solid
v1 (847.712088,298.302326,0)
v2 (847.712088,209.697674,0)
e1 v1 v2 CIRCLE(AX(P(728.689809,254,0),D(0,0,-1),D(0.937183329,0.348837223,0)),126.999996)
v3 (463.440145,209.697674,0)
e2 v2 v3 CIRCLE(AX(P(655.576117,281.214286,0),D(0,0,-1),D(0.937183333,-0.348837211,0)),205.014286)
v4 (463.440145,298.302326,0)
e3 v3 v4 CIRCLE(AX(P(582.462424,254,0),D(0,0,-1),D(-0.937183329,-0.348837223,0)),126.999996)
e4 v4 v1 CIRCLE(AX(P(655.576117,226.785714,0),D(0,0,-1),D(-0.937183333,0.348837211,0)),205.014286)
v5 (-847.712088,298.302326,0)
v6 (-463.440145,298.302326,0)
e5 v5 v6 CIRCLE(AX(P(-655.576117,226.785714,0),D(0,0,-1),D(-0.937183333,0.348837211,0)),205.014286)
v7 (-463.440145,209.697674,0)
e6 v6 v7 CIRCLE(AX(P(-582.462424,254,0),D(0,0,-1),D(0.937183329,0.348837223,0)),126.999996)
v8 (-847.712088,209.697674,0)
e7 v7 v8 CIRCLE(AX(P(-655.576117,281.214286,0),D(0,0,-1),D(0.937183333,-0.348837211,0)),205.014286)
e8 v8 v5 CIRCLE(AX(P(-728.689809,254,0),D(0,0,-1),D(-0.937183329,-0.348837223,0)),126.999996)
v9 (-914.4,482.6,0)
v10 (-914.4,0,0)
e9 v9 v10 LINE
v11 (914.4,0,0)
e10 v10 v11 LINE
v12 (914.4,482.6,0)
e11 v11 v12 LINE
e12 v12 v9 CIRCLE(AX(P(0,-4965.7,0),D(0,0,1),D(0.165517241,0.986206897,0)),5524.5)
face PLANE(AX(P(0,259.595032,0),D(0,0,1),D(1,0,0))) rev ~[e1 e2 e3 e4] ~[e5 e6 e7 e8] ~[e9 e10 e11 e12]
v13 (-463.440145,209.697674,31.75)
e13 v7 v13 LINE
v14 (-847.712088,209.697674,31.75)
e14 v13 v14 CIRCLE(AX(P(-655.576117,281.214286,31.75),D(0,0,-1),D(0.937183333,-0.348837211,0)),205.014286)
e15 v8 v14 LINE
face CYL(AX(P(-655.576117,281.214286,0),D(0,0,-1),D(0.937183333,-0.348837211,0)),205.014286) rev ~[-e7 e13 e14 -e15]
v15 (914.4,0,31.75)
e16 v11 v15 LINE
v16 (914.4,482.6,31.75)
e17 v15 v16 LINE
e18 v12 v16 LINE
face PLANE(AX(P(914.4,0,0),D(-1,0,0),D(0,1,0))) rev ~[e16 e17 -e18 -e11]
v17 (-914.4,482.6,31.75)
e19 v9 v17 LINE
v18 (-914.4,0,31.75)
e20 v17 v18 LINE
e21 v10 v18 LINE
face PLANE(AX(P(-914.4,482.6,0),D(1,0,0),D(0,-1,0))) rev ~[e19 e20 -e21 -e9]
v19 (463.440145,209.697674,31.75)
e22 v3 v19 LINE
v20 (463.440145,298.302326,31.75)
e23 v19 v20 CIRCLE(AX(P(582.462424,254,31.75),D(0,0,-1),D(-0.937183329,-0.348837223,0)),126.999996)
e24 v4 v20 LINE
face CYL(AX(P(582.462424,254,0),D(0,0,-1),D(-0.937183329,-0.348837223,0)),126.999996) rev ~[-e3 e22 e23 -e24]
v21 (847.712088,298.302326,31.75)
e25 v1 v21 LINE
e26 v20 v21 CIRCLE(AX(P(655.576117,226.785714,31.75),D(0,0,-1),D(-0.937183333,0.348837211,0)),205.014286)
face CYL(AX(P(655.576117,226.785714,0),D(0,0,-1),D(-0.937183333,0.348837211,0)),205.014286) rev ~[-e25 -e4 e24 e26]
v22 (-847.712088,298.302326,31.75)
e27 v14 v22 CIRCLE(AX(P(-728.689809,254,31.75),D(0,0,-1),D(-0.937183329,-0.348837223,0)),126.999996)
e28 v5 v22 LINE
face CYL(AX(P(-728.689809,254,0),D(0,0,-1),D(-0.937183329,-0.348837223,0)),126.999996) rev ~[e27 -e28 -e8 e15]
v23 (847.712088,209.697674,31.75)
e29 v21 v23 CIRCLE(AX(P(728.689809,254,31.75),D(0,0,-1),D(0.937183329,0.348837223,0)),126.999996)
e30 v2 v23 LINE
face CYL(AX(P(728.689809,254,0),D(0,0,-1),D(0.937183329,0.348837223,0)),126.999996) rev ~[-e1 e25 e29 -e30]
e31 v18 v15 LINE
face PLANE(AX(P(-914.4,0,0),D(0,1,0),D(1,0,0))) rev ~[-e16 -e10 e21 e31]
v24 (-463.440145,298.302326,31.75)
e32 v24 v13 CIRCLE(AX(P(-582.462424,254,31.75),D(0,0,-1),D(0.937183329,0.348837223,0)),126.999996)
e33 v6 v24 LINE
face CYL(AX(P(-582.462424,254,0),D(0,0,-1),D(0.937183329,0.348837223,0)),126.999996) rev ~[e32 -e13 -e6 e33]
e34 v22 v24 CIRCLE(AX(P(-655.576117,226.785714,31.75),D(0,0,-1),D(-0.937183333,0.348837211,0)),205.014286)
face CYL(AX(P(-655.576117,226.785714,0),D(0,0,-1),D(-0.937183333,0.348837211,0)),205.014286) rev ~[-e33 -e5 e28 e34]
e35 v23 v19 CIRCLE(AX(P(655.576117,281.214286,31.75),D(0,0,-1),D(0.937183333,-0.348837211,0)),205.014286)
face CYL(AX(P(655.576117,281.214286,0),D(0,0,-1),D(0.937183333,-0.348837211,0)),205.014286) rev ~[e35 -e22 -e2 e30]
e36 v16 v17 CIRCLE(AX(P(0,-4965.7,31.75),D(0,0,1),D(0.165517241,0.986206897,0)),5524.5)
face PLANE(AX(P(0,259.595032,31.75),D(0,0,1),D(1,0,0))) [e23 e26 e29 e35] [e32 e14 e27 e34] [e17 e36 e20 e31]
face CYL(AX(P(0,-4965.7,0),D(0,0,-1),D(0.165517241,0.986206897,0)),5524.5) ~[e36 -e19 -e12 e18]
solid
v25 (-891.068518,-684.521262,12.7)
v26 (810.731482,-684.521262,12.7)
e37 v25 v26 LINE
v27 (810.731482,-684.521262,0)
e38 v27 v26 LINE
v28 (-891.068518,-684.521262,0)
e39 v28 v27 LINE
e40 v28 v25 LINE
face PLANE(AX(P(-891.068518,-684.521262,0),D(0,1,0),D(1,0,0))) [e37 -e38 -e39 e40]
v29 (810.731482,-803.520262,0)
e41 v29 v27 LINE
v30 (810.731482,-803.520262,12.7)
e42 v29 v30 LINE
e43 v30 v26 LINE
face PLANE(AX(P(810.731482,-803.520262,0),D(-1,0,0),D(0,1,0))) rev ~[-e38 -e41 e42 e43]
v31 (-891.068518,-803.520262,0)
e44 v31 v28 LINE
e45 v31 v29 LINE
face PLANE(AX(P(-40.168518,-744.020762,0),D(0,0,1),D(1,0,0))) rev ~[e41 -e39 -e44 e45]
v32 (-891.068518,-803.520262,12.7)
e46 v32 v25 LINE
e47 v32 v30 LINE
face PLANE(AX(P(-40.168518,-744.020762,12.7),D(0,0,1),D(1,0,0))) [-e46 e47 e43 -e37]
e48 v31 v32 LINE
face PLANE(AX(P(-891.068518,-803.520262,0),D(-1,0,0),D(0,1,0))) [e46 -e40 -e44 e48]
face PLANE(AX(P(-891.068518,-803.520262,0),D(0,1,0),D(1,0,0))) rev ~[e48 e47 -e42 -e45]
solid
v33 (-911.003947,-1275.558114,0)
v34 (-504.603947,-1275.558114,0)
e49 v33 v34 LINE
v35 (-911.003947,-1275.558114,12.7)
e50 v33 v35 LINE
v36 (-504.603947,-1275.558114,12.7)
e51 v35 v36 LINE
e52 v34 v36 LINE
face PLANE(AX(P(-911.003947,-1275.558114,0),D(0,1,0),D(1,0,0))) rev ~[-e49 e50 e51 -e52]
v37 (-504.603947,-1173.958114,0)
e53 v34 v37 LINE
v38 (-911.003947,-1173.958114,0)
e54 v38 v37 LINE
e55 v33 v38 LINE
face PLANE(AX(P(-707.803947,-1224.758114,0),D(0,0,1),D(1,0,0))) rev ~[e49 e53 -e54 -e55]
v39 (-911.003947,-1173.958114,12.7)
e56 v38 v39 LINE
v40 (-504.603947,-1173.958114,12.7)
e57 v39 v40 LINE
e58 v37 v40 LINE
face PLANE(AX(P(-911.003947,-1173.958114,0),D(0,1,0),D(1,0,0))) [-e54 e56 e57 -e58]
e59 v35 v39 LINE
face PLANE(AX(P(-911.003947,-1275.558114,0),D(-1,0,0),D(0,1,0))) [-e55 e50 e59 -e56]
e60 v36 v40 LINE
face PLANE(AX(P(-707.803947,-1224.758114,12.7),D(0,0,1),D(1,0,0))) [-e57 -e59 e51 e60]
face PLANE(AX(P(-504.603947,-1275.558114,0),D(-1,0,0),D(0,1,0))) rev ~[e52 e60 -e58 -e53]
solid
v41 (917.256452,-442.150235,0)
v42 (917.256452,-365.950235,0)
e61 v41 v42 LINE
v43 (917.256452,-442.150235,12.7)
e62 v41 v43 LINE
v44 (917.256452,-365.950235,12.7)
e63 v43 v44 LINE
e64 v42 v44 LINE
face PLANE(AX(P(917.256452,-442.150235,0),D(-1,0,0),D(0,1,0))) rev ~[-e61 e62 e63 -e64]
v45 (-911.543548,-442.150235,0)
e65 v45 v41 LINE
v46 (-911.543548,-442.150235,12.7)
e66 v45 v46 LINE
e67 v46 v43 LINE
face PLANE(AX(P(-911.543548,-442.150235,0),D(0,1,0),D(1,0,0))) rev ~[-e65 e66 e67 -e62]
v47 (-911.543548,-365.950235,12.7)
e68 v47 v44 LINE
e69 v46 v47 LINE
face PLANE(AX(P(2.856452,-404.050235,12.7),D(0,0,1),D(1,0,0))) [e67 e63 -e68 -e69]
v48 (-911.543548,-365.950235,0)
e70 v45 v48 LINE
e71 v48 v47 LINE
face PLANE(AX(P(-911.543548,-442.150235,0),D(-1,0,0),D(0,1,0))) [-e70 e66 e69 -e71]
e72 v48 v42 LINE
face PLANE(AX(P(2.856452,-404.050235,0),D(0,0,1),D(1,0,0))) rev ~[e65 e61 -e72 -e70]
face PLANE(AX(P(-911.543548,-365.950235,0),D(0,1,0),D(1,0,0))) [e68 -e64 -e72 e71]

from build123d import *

# Parameters (mm, degrees)
F1_DEPTH = 31.75
F0_W     = 1828.8
F0_H     = 76.2
F0_W_2   = 1701.8
F0_H_2   = 118.999
F0_W_3   = 406.4
F0_H_3   = 101.6
F2_DEPTH = 12.7


with BuildPart() as f1:
    # F0 (on Top) → F1 (new body)
    with BuildSketch(Plane.XY):
        with BuildLine():
            Line((-914.4, 482.6), (-914.4, 0))
            Line((-914.4, 0), (914.4, 0))
            Line((914.4, 0), (914.4, 482.6))
            ThreePointArc((914.4, 482.6), (0, 558.8), (-914.4, 482.6))
        make_face()
        with BuildLine():
            ThreePointArc((-847.712088, 298.302326), (-655.576116, 431.8), (-463.440145, 298.302326))
            ThreePointArc((-463.440145, 298.302326), (-455.462428, 254), (-463.440145, 209.697674))
            ThreePointArc((-463.440145, 209.697674), (-655.576116, 76.2), (-847.712088, 209.697674))
            ThreePointArc((-847.712088, 209.697674), (-855.689805, 254), (-847.712088, 298.302326))
        make_face(mode=Mode.SUBTRACT)
        with BuildLine():
            ThreePointArc((463.440145, 298.302326), (655.576116, 431.8), (847.712088, 298.302326))
            ThreePointArc((847.712088, 298.302326), (855.689805, 254), (847.712088, 209.697674))
            ThreePointArc((847.712088, 209.697674), (655.576116, 76.2), (463.440145, 209.697674))
            ThreePointArc((463.440145, 209.697674), (455.462428, 254), (463.440145, 298.302326))
        make_face(mode=Mode.SUBTRACT)
    extrude(amount=F1_DEPTH)


with BuildPart() as f2:
    # F0 (on Top) → F2 (new body)
    with BuildSketch(Plane.XY):
        with Locations((2.856452, -404.050235)):
            Rectangle(F0_W, F0_H)
        with Locations((-40.168518, -744.020762)):
            Rectangle(F0_W_2, F0_H_2)
        with Locations((-707.803947, -1224.758114)):
            Rectangle(F0_W_3, F0_H_3)
    extrude(amount=F2_DEPTH)


solid = Compound([f1.part, f2.part])
